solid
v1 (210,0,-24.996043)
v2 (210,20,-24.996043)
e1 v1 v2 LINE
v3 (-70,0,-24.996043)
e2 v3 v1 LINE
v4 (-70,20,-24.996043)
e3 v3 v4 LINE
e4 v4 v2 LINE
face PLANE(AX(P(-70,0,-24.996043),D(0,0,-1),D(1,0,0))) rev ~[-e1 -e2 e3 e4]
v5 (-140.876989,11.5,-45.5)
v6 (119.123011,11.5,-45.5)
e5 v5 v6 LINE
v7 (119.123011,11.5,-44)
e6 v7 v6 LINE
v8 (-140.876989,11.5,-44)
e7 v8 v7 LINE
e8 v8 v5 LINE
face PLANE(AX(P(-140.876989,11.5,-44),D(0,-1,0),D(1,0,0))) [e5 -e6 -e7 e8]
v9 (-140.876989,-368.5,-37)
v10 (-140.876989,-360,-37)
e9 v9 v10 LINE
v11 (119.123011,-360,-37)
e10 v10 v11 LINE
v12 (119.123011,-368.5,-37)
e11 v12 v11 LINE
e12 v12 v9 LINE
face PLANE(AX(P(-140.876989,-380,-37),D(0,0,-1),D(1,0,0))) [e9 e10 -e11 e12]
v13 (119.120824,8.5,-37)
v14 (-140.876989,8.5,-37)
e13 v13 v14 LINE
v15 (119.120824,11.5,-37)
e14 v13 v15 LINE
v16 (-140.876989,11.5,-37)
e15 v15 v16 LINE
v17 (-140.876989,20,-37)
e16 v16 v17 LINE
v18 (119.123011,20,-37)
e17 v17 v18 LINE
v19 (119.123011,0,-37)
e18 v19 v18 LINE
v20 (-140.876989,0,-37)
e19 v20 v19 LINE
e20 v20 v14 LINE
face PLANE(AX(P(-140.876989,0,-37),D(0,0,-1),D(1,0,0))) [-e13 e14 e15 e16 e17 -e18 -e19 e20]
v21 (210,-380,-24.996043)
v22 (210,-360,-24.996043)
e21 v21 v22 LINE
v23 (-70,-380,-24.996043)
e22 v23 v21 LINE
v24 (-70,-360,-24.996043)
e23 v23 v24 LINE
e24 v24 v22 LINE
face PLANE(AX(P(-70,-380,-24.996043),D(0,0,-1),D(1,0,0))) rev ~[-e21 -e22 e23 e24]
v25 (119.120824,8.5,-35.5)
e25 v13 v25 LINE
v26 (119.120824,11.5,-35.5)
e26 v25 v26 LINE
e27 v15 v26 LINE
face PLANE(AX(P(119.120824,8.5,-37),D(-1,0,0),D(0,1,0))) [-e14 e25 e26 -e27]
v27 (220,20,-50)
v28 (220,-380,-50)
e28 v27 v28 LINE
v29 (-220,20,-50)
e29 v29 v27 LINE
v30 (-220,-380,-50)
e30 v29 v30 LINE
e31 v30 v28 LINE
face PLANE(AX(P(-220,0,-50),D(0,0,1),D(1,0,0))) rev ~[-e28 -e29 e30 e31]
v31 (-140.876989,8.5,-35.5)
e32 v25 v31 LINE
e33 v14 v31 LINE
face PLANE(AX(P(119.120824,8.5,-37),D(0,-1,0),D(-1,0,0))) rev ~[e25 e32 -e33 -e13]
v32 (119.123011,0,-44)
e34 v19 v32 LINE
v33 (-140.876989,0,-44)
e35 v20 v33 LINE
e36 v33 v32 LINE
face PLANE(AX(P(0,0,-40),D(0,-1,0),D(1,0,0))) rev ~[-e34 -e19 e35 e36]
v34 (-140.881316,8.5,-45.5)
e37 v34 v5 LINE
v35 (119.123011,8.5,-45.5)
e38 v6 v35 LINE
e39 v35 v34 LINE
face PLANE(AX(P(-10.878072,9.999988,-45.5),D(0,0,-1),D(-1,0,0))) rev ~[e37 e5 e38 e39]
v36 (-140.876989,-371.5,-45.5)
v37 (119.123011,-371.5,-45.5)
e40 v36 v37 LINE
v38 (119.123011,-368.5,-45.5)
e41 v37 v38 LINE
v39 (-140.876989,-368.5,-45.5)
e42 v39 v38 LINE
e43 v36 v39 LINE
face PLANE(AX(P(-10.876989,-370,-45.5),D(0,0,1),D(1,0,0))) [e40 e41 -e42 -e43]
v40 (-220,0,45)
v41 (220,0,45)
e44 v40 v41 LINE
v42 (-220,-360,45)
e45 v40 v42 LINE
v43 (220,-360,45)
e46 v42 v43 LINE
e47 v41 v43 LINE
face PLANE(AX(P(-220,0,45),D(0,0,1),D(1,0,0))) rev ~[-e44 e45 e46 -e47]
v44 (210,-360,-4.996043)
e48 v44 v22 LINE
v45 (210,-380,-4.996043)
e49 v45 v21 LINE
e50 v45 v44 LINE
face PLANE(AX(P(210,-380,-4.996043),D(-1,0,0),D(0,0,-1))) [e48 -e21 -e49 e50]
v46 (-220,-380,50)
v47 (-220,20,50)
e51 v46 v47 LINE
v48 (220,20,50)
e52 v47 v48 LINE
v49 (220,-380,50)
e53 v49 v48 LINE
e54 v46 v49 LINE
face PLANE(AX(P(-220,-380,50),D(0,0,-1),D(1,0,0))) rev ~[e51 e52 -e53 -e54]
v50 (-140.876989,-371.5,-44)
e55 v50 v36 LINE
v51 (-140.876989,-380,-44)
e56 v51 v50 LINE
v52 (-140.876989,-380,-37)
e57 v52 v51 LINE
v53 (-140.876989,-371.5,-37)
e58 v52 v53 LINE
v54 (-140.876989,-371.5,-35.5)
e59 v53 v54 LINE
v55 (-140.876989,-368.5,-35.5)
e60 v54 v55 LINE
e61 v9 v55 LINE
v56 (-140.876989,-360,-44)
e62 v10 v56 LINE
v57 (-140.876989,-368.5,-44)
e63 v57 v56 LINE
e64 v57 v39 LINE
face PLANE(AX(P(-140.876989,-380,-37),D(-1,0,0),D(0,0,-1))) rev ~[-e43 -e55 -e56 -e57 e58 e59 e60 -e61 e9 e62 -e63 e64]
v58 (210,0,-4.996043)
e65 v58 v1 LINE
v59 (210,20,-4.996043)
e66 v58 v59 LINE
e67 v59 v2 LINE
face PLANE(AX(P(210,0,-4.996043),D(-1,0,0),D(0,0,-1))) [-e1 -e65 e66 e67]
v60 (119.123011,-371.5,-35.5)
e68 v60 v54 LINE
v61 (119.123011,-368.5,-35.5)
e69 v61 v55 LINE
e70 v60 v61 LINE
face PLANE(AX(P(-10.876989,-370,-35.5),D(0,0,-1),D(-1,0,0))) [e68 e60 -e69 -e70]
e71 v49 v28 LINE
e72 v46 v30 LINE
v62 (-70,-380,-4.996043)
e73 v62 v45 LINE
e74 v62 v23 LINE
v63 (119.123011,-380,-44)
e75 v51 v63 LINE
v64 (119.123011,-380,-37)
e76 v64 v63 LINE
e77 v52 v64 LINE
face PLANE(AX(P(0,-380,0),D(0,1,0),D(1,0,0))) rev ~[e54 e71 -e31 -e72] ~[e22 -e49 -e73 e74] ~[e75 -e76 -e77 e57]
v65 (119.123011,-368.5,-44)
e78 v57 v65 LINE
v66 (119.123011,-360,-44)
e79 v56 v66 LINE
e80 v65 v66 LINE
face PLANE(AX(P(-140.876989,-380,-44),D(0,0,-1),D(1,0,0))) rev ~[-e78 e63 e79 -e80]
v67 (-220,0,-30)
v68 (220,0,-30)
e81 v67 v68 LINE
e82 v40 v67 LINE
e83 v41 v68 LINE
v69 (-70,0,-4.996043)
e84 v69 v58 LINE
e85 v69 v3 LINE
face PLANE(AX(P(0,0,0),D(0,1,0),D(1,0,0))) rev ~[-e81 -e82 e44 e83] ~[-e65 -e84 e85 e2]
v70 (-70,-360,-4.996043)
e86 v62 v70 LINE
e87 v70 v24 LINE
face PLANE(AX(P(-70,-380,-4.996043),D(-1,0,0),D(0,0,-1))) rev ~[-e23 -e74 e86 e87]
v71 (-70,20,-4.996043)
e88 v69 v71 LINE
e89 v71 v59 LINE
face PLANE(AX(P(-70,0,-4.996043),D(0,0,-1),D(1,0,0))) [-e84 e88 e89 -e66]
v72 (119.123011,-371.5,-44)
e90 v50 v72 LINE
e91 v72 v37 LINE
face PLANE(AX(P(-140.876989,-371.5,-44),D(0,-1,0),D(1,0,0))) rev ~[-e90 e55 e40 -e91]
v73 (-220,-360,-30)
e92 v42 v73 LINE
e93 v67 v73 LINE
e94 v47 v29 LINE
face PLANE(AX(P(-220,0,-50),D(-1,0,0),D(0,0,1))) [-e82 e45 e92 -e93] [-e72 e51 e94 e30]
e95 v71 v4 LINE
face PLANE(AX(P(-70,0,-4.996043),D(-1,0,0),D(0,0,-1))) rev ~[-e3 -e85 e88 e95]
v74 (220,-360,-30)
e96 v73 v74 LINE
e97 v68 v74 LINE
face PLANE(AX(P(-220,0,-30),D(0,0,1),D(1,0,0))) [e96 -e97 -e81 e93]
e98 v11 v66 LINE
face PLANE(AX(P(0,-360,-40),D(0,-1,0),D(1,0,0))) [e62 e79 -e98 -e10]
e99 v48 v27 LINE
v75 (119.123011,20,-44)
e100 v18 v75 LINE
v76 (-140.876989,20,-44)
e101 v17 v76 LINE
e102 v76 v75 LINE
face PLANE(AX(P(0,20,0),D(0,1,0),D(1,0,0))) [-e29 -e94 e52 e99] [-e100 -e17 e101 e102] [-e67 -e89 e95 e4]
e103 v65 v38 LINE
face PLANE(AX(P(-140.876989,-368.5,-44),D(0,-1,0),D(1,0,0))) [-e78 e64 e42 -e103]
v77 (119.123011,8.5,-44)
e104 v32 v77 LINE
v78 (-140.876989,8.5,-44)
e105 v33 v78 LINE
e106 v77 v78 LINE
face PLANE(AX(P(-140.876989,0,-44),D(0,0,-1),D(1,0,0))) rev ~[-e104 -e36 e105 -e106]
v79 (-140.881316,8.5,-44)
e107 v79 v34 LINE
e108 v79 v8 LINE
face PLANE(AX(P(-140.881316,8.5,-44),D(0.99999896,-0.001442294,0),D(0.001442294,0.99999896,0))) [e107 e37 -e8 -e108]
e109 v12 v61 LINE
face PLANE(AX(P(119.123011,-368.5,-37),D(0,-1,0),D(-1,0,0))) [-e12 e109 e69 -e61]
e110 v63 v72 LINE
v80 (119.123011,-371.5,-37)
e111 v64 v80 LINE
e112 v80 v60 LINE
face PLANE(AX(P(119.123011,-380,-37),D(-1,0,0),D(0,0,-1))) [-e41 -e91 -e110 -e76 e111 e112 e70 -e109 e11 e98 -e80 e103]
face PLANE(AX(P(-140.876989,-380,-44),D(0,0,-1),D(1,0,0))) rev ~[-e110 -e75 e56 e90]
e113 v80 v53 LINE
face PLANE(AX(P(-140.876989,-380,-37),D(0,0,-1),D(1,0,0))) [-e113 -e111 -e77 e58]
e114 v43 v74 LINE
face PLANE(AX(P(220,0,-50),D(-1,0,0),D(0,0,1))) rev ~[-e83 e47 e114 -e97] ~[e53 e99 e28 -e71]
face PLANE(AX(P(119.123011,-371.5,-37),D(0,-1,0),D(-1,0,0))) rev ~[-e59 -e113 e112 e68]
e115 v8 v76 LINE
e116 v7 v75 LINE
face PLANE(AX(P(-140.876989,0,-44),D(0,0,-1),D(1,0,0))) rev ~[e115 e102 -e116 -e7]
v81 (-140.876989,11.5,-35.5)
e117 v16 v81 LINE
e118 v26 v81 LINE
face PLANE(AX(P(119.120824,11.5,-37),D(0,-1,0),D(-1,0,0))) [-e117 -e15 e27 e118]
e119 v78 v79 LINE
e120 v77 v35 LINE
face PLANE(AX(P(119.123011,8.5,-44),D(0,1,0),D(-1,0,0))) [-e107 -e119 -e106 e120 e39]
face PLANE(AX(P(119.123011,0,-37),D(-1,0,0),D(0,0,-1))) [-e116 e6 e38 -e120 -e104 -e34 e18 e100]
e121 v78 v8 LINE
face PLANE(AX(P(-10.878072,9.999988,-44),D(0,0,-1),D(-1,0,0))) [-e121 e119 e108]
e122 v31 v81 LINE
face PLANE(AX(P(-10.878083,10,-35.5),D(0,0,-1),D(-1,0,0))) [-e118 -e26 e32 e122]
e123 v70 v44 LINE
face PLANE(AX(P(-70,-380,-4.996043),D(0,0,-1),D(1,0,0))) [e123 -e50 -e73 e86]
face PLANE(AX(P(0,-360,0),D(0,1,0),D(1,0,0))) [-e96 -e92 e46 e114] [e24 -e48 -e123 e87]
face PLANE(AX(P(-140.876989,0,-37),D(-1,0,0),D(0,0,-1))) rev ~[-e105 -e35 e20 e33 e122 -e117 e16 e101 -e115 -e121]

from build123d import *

# Parameters (mm, degrees)
SKETCH1_W           = 440
SKETCH1_H           = 100
SKETCH1_W_2         = 280
SKETCH1_H_2         = 20
SKETCH1_W_3         = 260
SKETCH1_H_3         = 7
BOSS_EXTRUDE1_DEPTH = 20
SKETCH8_W           = 440
SKETCH8_H           = 5
BOSS_EXTRUDE2_DEPTH = 360
LPATTERN2_COUNT     = 2
LPATTERN2_PITCH     = 380
SKETCH10_W          = 440
SKETCH10_H          = 20
BOSS_EXTRUDE3_DEPTH = 360
SKETCH11_W          = 259.997812745
SKETCH11_H          = 3
CUT_EXTRUDE1_DEPTH  = 1.5
CUT_EXTRUDE2_DEPTH  = 1.5
SKETCH17_W          = 260
SKETCH17_H          = 3
CUT_EXTRUDE3_DEPTH  = 1.5
SKETCH18_W          = 260
SKETCH18_H          = 3
CUT_EXTRUDE4_DEPTH  = 1.5


with BuildPart() as part:
    # Sketch1 → Boss-Extrude1 (new body)
    with BuildSketch(Plane(origin=(0, 0, 0), x_dir=(1, 0, 0), z_dir=(0, 1, 0))):
        Rectangle(SKETCH1_W, SKETCH1_H)
        with Locations((70, 14.99604314)):
            Rectangle(SKETCH1_W_2, SKETCH1_H_2, mode=Mode.SUBTRACT)
        with Locations((-10.87698902, 40.5)):
            Rectangle(SKETCH1_W_3, SKETCH1_H_3, mode=Mode.SUBTRACT)
    boss_extrude1 = extrude(amount=BOSS_EXTRUDE1_DEPTH)

    # Sketch8 → Boss-Extrude2 (add)
    with BuildSketch(Plane.XZ):
        with Locations((0, 47.5)):
            Rectangle(SKETCH8_W, SKETCH8_H)
    extrude(amount=BOSS_EXTRUDE2_DEPTH)

    # LPattern2: Boss-Extrude1 ×2
    with Locations(*[(0, -i * LPATTERN2_PITCH, 0) for i in range(1, LPATTERN2_COUNT)]):
        add(boss_extrude1)

    # Sketch10 → Boss-Extrude3 (add)
    with BuildSketch(Plane.XZ):
        with Locations((0, -40)):
            Rectangle(SKETCH10_W, SKETCH10_H)
    extrude(amount=BOSS_EXTRUDE3_DEPTH)

    # Sketch11 → Cut-Extrude1 (cut)
    with BuildSketch(Plane(origin=(0, 0, -37), x_dir=(-1, 0, 0), z_dir=(0, 0, -1))):
        with Locations((10.878082647, 10)):
            Rectangle(SKETCH11_W, SKETCH11_H)
    extrude(amount=-CUT_EXTRUDE1_DEPTH, mode=Mode.SUBTRACT)

    # Sketch16 → Cut-Extrude2 (cut)
    with BuildSketch(Plane.XY.offset(-44)):
        Polygon((-140.87698902, 11.5), (119.12301098, 11.5), (119.12301098, 8.5), (-140.881315907, 8.5), align=None)
    extrude(amount=-CUT_EXTRUDE2_DEPTH, mode=Mode.SUBTRACT)

    # Sketch17 → Cut-Extrude3 (cut)
    with BuildSketch(Plane(origin=(0, 0, -37), x_dir=(-1, 0, 0), z_dir=(0, 0, -1))):
        with Locations((10.87698902, -370)):
            Rectangle(SKETCH17_W, SKETCH17_H)
    extrude(amount=-CUT_EXTRUDE3_DEPTH, mode=Mode.SUBTRACT)

    # Sketch18 → Cut-Extrude4 (cut)
    with BuildSketch(Plane.XY.offset(-44)):
        with Locations((-10.87698902, -370)):
            Rectangle(SKETCH18_W, SKETCH18_H)
    extrude(amount=-CUT_EXTRUDE4_DEPTH, mode=Mode.SUBTRACT)


solid = part.part
